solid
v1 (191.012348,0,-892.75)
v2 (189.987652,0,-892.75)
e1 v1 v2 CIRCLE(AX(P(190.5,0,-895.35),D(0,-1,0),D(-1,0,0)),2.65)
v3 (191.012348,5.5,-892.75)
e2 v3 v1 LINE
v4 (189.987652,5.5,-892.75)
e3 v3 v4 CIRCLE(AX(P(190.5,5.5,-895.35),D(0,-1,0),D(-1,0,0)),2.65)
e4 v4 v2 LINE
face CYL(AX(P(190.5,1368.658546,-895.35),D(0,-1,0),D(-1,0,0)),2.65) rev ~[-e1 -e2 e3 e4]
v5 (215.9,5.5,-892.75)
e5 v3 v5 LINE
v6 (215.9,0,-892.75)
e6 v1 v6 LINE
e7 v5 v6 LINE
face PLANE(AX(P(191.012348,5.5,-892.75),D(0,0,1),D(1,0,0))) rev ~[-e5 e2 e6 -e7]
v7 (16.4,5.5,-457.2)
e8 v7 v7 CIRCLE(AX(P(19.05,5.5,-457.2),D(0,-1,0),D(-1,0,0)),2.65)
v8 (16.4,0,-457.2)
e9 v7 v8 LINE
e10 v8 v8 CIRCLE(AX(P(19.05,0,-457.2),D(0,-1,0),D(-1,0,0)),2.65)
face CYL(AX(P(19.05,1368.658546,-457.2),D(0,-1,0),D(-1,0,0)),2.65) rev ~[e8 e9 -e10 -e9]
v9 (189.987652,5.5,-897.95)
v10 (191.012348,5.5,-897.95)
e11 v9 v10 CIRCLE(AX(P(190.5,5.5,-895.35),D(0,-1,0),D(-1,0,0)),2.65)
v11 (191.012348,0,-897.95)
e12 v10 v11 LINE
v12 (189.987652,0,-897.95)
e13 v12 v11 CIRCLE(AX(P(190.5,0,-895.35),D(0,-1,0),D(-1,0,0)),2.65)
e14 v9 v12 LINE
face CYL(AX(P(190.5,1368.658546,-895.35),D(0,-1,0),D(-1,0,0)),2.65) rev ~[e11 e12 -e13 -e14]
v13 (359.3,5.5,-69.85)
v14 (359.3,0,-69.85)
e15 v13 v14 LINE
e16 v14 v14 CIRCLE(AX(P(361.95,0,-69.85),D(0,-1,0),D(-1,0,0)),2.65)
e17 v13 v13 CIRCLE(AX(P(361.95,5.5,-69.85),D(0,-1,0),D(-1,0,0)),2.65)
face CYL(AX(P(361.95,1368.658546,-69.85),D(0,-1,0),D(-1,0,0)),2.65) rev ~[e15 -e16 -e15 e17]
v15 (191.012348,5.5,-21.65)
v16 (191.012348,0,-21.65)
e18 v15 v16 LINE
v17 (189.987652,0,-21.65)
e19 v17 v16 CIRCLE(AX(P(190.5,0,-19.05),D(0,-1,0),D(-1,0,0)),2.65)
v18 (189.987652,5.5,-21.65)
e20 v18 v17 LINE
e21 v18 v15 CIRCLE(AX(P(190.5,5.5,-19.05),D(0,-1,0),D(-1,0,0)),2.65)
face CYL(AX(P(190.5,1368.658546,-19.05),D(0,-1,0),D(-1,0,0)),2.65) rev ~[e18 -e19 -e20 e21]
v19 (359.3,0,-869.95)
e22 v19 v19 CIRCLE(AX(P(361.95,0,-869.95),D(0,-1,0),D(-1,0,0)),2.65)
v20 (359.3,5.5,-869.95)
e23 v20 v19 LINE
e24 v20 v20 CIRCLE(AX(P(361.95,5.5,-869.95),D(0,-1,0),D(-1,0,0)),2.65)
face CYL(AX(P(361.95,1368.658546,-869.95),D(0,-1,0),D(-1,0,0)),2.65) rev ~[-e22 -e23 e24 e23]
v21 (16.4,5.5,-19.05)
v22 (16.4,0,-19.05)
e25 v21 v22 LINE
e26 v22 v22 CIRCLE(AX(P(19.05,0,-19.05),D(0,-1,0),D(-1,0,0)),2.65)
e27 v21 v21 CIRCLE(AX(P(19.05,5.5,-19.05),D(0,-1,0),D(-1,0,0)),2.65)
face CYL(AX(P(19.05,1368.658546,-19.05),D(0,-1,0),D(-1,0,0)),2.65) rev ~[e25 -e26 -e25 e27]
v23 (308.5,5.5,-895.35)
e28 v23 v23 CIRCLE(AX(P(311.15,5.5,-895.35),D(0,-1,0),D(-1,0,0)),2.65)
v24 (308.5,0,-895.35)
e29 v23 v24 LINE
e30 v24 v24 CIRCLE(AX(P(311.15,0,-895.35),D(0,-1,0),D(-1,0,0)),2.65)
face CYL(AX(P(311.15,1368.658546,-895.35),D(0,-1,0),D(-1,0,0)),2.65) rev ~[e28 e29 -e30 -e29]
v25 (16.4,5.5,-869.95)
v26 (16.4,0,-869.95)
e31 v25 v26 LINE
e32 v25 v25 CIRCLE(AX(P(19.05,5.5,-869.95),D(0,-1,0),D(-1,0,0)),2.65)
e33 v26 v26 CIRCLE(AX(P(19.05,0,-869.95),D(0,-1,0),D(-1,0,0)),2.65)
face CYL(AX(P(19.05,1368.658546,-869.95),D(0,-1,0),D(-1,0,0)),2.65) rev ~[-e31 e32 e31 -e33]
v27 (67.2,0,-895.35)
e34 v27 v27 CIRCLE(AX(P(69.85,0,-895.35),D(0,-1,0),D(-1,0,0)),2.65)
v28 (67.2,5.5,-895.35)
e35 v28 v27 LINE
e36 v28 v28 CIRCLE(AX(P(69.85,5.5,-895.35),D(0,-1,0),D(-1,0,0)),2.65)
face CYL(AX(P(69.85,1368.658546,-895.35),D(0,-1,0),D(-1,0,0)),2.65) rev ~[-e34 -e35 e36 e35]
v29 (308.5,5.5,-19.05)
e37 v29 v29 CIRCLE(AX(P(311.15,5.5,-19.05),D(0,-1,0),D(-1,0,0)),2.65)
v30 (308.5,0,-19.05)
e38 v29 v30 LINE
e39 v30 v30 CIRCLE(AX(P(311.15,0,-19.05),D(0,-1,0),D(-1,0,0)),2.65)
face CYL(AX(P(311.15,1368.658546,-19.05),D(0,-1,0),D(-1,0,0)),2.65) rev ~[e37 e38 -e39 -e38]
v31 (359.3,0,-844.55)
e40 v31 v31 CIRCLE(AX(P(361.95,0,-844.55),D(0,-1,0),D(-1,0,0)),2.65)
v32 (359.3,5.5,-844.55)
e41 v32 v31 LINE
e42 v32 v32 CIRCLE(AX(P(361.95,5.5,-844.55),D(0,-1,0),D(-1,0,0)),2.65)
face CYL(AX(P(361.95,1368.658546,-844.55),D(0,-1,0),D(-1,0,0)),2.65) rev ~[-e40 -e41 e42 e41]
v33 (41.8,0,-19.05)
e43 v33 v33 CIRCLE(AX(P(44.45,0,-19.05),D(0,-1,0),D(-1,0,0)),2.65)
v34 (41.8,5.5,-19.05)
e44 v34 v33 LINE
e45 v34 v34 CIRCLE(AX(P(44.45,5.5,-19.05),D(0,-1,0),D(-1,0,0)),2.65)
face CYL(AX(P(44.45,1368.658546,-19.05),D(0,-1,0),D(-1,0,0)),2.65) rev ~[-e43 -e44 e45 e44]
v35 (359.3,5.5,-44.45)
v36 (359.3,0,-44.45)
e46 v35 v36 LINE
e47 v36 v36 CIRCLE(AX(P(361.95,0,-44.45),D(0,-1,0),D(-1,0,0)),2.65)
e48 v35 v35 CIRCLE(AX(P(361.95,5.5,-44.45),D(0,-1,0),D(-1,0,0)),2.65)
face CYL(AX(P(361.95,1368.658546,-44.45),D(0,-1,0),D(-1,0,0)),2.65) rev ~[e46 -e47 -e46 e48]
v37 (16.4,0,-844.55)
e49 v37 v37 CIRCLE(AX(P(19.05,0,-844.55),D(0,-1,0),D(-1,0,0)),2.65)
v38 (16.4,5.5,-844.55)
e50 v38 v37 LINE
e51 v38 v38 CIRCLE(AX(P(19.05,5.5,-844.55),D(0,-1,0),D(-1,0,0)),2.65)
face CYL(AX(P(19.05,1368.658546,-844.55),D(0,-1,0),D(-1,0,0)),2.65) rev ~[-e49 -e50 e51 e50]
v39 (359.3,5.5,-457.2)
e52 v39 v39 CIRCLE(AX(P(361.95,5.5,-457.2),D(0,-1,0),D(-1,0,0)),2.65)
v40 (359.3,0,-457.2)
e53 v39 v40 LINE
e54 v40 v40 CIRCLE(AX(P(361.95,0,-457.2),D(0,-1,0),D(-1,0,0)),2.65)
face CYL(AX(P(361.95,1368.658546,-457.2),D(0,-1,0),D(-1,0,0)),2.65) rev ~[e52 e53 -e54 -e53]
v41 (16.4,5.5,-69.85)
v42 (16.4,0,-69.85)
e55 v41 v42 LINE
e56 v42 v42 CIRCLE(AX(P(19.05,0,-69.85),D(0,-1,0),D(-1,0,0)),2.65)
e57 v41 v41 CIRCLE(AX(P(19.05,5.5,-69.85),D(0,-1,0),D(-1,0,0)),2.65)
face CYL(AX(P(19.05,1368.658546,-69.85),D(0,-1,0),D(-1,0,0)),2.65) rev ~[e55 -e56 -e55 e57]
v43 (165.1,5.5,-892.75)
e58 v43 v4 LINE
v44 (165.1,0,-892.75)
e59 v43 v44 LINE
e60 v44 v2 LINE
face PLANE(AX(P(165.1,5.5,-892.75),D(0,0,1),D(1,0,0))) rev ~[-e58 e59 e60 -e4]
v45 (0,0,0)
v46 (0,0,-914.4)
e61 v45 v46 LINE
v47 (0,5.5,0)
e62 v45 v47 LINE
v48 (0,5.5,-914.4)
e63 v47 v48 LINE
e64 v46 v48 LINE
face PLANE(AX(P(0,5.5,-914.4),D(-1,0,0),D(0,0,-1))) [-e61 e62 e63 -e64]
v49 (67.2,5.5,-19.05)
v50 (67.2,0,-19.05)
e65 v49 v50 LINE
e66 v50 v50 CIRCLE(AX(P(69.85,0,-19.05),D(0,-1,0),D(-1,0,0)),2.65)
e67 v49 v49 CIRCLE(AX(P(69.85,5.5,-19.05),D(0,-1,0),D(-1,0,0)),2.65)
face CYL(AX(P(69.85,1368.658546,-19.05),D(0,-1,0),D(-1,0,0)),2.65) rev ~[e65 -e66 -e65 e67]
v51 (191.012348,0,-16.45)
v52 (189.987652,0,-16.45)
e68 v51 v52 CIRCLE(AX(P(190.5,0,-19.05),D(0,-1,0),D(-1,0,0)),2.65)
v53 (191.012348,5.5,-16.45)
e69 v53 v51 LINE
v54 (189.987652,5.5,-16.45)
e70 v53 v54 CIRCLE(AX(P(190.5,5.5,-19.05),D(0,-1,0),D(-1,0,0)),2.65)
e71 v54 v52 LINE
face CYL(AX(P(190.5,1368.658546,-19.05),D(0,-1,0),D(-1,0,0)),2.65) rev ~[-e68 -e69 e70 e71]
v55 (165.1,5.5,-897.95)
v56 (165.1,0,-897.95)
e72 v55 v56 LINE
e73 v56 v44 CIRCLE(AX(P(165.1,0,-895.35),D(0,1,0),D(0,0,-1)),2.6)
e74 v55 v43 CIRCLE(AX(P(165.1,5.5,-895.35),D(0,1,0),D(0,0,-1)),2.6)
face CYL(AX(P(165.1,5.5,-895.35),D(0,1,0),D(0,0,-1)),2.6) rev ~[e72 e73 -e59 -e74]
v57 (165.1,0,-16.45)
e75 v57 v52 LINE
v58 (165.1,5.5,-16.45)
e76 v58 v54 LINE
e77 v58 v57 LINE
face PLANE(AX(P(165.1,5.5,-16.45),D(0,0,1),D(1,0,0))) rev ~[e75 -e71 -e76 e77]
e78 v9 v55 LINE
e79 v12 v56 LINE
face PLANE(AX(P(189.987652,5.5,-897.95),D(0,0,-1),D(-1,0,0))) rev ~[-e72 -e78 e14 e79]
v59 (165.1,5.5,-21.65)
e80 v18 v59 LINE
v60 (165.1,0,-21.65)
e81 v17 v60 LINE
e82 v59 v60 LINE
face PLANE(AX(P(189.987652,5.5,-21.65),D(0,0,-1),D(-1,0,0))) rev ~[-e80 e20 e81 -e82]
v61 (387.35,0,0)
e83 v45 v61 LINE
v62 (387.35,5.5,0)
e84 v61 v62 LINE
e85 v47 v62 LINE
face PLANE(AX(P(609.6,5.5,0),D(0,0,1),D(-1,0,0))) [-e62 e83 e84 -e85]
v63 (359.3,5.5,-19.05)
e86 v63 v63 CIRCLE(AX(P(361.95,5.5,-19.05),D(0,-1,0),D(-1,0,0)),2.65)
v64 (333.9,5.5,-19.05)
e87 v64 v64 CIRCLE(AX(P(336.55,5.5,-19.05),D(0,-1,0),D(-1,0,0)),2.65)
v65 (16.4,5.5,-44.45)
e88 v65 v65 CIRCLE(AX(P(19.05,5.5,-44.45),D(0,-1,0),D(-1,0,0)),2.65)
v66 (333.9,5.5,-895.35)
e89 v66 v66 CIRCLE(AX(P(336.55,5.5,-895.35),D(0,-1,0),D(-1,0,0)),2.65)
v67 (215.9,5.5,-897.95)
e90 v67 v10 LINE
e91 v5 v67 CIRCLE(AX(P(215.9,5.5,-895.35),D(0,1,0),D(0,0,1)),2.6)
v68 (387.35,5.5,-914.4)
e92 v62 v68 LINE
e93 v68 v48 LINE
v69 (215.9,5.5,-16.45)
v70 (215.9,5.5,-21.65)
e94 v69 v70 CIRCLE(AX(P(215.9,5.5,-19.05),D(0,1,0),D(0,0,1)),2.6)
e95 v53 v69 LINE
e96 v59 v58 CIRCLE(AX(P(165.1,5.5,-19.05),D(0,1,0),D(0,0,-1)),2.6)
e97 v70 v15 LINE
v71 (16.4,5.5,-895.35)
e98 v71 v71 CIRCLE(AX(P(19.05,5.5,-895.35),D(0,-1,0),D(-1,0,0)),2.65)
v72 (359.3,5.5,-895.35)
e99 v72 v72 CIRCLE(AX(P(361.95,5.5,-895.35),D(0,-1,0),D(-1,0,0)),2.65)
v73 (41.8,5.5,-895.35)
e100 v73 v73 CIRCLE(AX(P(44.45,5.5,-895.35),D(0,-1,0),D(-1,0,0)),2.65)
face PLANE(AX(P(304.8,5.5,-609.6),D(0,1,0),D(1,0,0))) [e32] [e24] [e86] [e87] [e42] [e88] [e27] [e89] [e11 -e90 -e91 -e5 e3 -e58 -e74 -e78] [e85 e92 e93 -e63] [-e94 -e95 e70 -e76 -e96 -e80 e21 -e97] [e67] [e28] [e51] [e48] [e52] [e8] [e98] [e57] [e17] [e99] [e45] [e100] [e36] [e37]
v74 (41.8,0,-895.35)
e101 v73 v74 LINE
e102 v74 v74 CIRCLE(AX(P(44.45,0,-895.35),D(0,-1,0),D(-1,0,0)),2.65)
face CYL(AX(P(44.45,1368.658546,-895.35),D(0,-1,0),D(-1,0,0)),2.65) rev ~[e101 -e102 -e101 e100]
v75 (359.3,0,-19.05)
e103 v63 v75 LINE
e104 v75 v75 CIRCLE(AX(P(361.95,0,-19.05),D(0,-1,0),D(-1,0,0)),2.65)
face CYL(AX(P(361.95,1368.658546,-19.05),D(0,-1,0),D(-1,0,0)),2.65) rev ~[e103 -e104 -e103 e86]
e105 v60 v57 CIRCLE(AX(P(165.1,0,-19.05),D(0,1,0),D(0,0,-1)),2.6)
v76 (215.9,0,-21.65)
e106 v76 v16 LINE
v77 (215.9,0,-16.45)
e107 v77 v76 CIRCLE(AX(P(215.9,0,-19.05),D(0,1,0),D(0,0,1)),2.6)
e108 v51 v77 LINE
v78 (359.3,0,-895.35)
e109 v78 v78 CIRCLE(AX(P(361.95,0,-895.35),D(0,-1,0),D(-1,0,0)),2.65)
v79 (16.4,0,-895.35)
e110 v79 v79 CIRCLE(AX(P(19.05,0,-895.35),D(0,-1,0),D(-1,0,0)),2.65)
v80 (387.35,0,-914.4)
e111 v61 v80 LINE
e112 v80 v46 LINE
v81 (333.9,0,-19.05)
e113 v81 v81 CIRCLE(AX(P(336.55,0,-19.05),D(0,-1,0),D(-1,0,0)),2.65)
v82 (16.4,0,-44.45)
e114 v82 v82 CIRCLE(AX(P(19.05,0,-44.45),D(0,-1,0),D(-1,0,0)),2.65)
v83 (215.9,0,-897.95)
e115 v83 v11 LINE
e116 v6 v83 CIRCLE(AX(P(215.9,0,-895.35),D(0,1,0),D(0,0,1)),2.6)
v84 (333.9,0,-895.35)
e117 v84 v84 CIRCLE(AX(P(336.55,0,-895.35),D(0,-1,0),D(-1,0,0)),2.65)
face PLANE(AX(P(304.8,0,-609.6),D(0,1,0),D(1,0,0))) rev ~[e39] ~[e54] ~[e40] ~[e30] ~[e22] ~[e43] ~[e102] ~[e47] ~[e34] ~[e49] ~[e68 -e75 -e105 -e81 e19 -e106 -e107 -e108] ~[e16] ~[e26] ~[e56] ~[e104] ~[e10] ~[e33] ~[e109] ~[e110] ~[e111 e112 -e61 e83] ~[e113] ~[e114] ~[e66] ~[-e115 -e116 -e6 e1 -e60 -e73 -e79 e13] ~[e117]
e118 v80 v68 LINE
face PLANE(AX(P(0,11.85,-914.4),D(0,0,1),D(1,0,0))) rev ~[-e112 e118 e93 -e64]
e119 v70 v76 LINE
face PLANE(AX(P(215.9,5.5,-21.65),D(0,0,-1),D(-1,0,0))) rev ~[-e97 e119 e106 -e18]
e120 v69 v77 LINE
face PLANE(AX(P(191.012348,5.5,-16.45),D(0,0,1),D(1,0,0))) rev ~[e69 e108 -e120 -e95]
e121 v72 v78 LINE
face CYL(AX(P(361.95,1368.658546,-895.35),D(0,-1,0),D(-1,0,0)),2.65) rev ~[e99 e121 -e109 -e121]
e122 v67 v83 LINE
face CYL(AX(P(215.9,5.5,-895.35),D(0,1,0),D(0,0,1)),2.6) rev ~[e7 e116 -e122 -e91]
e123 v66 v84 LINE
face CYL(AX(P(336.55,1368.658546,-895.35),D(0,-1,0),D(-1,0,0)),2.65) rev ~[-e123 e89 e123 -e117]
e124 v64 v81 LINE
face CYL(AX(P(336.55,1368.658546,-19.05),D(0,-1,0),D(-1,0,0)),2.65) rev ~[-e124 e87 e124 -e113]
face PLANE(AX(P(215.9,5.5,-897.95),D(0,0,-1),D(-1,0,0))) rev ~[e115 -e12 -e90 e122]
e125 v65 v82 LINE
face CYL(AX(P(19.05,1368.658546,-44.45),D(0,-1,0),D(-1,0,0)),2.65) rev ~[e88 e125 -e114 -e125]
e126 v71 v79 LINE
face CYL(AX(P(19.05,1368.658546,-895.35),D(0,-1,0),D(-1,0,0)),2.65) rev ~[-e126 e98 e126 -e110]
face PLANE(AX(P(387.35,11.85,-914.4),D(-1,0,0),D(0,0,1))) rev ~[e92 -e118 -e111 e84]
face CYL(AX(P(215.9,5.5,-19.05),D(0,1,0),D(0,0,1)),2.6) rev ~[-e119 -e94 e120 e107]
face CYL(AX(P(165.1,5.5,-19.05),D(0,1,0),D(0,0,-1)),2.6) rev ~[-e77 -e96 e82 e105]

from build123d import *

# Parameters (mm, degrees)
SKETCH1_W                  = 609.6
SKETCH1_H                  = 1219.2
BOSS_EXTRUDE1_DEPTH        = 5.5
BOSS_EXTRUDE2_DEPTH        = 6.35
F_5_3_5_3_DIAMETER_HOLE1_D = 5.3
CUT_EXTRUDE1_REACH         = 1365.159
CUT_EXTRUDE2_DEPTH         = 994.074837311


with BuildPart() as part:
    # Sketch1 → Boss-Extrude1 (new body)
    with BuildSketch(Plane(origin=(0, 0, 0), x_dir=(1, 0, 0), z_dir=(0, 1, 0))):
        with Locations((304.8, 609.6)):
            Rectangle(SKETCH1_W, SKETCH1_H)
    extrude(amount=BOSS_EXTRUDE1_DEPTH)

    # Sketch3 → Boss-Extrude2 (add)
    with BuildSketch(Plane(origin=(0, 5.5, 0), x_dir=(1, 0, 0), z_dir=(0, 1, 0))):
        Polygon((387.35, 0), (387.35, 914.4), (0, 914.4), (0, 1219.2), (609.6, 1219.2), (609.6, 0), align=None)
    extrude(amount=BOSS_EXTRUDE2_DEPTH)

    # Ø5.3 (5.3) Diameter Hole1 (through all)
    with Locations(Plane(origin=(0, 5.5, 0), x_dir=(1, 0, 0), z_dir=(0, 1, 0))):
        with Locations((19.05, 895.35), (44.45, 895.35), (69.85, 895.35), (19.05, 869.95), (19.05, 844.55), (19.05, 457.2), (19.05, 69.85), (19.05, 44.45), (19.05, 19.05), (44.45, 19.05), (69.85, 19.05), (190.5, 19.05), (311.15, 19.05), (336.55, 19.05), (361.95, 19.05), (361.95, 44.45), (361.95, 69.85), (361.95, 457.2), (361.95, 844.55), (361.95, 869.95), (361.95, 895.35), (336.55, 895.35), (311.15, 895.35), (190.5, 895.35)):
            Hole(F_5_3_5_3_DIAMETER_HOLE1_D / 2)

    # Sketch7 → Cut-Extrude1 (cut, up to next)
    with BuildSketch(Plane(origin=(0, 11.85, 0), x_dir=(1, 0, 0), z_dir=(0, 1, 0)), mode=Mode.PRIVATE) as cut_extrude1_sk1:
        Polygon((0, 1219.2), (0, 914.4), (387.35, 914.4), (387.35, 0), (609.6, 0), (609.6, 1219.2), align=None)
    cut_extrude1_tool1 = extrude(cut_extrude1_sk1.sketch, amount=-CUT_EXTRUDE1_REACH, mode=Mode.PRIVATE) & part.part
    add(cut_extrude1_tool1.solids().sort_by_distance((405.973507, 11.85, -748.352239))[0], mode=Mode.SUBTRACT)

    # Sketch8 → Cut-Extrude2 (cut, through all)
    with BuildSketch(Plane(origin=(0, 5.5, 0), x_dir=(1, 0, 0), z_dir=(0, 1, 0))):
        with BuildLine():
            ThreePointArc((189.987652462, 16.45), (187.85, 19.05), (189.987652462, 21.65))
            Line((189.987652462, 21.65), (165.1, 21.65))
            ThreePointArc((165.1, 21.65), (162.5, 19.05), (165.1, 16.45))
            Line((165.1, 16.45), (189.987652462, 16.45))
        make_face()
        with BuildLine():
            ThreePointArc((190.5, 21.65), (187.9, 19.05), (190.5, 16.45))
            ThreePointArc((190.5, 16.45), (193.1, 19.05), (190.5, 21.65))
        make_face()
        with BuildLine():
            Line((215.9, 21.65), (191.012347538, 21.65))
            ThreePointArc((191.012347538, 21.65), (192.546975937, 20.732970443), (193.15, 19.05))
            ThreePointArc((193.15, 19.05), (192.546975937, 17.367029557), (191.012347538, 16.45))
            Line((191.012347538, 16.45), (215.9, 16.45))
            ThreePointArc((215.9, 16.45), (218.5, 19.05), (215.9, 21.65))
        make_face()
        with BuildLine():
            ThreePointArc((165.1, 897.95), (162.5, 895.35), (165.1, 892.75))
            Line((165.1, 892.75), (189.987652462, 892.75))
            ThreePointArc((189.987652462, 892.75), (187.85, 895.35), (189.987652462, 897.95))
            Line((189.987652462, 897.95), (165.1, 897.95))
        make_face()
        with BuildLine():
            ThreePointArc((190.5, 892.75), (187.9, 895.35), (190.5, 897.95))
            ThreePointArc((190.5, 897.95), (193.1, 895.35), (190.5, 892.75))
        make_face()
        with BuildLine():
            ThreePointArc((193.15, 895.35), (192.546975937, 893.667029557), (191.012347538, 892.75))
            Line((191.012347538, 892.75), (215.9, 892.75))
            ThreePointArc((215.9, 892.75), (218.5, 895.35), (215.9, 897.95))
            Line((215.9, 897.95), (191.012347538, 897.95))
            ThreePointArc((191.012347538, 897.95), (192.546975937, 897.032970443), (193.15, 895.35))
        make_face()
    extrude(amount=-CUT_EXTRUDE2_DEPTH, mode=Mode.SUBTRACT)


solid = part.part
